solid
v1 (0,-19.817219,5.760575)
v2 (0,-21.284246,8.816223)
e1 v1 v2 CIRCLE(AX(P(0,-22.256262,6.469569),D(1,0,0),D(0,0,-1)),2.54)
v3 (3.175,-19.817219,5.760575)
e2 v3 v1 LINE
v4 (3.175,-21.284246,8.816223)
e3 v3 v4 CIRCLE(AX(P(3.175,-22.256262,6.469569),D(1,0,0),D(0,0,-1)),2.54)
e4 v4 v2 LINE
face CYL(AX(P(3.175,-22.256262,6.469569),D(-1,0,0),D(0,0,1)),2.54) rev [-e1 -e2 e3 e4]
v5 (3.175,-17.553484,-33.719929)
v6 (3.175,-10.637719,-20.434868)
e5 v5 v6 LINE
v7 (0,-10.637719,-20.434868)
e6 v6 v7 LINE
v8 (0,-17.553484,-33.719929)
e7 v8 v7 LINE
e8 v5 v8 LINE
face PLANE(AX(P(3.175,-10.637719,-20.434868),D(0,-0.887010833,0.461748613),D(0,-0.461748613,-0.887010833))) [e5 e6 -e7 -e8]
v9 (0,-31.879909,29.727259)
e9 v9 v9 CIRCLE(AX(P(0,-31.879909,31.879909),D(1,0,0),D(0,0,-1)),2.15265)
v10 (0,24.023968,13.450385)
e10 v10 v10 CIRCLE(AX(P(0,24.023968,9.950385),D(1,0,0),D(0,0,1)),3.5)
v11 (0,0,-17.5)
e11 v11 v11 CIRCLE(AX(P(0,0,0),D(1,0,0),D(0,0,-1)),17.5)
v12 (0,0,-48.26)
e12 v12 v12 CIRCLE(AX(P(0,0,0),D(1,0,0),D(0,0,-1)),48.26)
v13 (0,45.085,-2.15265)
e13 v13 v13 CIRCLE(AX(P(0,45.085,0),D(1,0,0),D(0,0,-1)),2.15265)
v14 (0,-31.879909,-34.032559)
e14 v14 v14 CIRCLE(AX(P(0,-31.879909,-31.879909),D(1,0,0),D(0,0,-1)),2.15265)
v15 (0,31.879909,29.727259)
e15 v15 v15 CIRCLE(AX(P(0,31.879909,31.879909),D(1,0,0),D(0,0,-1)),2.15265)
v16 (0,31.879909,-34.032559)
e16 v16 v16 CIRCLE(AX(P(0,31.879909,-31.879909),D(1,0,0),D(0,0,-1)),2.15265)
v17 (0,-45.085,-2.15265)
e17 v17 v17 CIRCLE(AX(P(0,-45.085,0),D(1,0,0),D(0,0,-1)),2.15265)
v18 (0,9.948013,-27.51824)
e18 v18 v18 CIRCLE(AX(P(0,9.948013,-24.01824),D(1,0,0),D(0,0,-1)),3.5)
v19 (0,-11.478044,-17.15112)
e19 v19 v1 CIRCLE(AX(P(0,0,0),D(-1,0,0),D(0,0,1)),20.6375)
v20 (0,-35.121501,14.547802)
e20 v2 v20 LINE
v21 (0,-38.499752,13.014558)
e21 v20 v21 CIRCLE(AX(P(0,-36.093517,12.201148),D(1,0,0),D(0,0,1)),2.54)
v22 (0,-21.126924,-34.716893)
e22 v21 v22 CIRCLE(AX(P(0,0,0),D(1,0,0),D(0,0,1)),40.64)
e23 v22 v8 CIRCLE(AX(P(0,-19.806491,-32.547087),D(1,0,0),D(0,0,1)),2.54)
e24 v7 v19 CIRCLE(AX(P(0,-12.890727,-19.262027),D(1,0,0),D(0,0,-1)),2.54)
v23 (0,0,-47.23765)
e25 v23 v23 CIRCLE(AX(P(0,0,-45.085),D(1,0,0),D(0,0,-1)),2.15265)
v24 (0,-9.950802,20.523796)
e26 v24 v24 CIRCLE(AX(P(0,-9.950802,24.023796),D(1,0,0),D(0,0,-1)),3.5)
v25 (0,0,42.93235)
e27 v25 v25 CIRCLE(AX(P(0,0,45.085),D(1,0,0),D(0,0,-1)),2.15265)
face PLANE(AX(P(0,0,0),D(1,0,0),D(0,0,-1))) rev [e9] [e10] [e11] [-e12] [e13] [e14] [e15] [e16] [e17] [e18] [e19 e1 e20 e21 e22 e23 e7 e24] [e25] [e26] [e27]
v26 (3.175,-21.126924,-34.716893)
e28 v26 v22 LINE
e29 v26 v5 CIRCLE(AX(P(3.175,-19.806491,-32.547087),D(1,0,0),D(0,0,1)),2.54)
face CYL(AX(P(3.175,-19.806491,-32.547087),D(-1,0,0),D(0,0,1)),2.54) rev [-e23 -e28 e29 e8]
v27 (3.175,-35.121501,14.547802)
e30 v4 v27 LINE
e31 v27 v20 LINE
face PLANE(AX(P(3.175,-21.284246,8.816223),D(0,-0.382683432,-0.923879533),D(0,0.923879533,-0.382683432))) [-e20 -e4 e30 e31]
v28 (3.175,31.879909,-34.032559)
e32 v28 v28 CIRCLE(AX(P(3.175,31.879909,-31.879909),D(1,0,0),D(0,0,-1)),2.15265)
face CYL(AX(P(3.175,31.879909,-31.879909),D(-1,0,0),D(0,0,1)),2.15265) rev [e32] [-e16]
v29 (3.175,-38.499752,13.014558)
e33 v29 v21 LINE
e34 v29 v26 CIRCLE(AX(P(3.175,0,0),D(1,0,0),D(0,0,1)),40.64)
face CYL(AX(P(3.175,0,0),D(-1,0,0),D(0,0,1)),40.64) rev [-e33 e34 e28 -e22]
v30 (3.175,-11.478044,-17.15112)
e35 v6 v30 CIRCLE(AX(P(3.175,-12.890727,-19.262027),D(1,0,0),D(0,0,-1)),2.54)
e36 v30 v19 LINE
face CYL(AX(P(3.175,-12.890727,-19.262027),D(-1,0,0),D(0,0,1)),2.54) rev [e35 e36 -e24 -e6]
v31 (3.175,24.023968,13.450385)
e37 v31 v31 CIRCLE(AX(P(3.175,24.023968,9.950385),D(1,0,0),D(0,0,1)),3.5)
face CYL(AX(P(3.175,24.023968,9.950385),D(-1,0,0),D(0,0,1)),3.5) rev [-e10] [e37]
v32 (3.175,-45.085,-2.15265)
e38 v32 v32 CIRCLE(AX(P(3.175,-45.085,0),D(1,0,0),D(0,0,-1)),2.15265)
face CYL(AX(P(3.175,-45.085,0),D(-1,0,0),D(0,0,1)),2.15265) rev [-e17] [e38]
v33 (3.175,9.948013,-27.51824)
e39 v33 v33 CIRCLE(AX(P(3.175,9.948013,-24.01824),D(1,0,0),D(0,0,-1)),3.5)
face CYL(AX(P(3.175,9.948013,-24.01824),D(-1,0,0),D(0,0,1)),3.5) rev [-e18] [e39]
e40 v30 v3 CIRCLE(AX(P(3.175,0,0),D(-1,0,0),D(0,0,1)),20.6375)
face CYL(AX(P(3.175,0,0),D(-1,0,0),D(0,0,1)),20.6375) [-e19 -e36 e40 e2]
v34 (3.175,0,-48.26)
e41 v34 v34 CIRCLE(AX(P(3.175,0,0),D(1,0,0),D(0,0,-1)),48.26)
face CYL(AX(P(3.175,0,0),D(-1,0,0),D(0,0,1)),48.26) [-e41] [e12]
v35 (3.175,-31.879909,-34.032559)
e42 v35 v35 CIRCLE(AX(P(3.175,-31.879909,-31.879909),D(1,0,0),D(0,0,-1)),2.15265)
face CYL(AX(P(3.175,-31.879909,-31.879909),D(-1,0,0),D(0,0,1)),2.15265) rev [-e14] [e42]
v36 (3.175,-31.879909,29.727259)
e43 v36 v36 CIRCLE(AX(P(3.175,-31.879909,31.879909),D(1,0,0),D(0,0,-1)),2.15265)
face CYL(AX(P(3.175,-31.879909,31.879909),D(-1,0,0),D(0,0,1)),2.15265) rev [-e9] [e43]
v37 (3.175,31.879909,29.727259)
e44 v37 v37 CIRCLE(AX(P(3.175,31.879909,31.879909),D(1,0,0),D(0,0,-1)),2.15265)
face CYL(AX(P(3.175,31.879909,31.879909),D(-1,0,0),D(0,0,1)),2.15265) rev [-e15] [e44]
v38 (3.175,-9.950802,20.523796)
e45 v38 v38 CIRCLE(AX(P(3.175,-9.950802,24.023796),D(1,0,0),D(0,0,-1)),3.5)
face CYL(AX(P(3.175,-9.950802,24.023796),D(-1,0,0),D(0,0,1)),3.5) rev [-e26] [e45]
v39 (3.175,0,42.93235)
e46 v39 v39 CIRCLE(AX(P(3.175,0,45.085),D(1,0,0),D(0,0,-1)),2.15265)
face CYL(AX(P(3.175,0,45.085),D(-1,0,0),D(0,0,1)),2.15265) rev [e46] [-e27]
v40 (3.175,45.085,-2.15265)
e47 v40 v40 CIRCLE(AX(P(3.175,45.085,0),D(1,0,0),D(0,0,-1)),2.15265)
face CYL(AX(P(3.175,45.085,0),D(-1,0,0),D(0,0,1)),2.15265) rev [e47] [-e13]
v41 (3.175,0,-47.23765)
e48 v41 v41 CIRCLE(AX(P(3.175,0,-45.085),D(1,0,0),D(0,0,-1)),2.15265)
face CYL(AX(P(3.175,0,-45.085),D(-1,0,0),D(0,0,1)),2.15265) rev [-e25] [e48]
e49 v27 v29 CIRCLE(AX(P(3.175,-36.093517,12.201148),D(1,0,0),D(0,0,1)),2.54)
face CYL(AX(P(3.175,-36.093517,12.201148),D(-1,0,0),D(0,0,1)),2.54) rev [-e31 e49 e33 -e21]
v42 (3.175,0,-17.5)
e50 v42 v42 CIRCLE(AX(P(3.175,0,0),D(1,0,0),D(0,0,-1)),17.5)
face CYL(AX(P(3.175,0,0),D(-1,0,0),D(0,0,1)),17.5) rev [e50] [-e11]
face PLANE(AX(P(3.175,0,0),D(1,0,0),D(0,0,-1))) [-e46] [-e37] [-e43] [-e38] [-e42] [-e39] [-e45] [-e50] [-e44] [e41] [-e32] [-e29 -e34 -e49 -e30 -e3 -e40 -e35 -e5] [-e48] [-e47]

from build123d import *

# Parameters (mm, degrees)
SKETCH5_R           = 48.26
SKETCH5_R_2         = 2.15265
SKETCH5_R_3         = 3.5
SKETCH5_R_4         = 17.5
BOSS_EXTRUDE3_DEPTH = 3.175


with BuildPart() as part:
    # Sketch5 → Boss-Extrude3 (new body)
    with BuildSketch(Plane(origin=(0, 0, 0), x_dir=(0, 0, -1), z_dir=(1, 0, 0))):
        Circle(SKETCH5_R)
        with Locations((0, 45.085)):
            Circle(SKETCH5_R_2, mode=Mode.SUBTRACT)
        with Locations((-24.023795501, -9.950801949)):
            Circle(SKETCH5_R_3, mode=Mode.SUBTRACT)
        with Locations((31.87990923, 31.87990923)):
            Circle(SKETCH5_R_2, mode=Mode.SUBTRACT)
        with Locations((45.085, 0)):
            Circle(SKETCH5_R_2, mode=Mode.SUBTRACT)
        with Locations((24.018239985, 9.948012748)):
            Circle(SKETCH5_R_3, mode=Mode.SUBTRACT)
        with Locations((-9.9503853, 24.023968076)):
            Circle(SKETCH5_R_3, mode=Mode.SUBTRACT)
        with Locations((31.87990923, -31.87990923)):
            Circle(SKETCH5_R_2, mode=Mode.SUBTRACT)
        with Locations((0, -45.085)):
            Circle(SKETCH5_R_2, mode=Mode.SUBTRACT)
        with Locations((-31.87990923, -31.87990923)):
            Circle(SKETCH5_R_2, mode=Mode.SUBTRACT)
        with Locations((-45.085, 0)):
            Circle(SKETCH5_R_2, mode=Mode.SUBTRACT)
        with Locations((-31.87990923, 31.87990923)):
            Circle(SKETCH5_R_2, mode=Mode.SUBTRACT)
        Circle(SKETCH5_R_4, mode=Mode.SUBTRACT)
        with BuildLine():
            Line((20.434868218, -10.637719077), (33.719928863, -17.553483913))
            ThreePointArc((33.719928863, -17.553483913), (34.993654696, -19.123916601), (34.716893211, -21.126924191))
            ThreePointArc((34.716893211, -21.126924191), (13.899698625, -38.189108109), (-13.014558026, -38.49975168))
            ThreePointArc((-13.014558026, -38.49975168), (-14.514078084, -37.143257699), (-14.547802162, -35.121501281))
            Line((-14.547802162, -35.121501281), (-8.816223227, -21.284245682))
            ThreePointArc((-8.816223227, -21.284245682), (-7.568898247, -19.966485263), (-5.760575328, -19.817219233))
            ThreePointArc((-5.760575328, -19.817219233), (7.058440708, -19.392906461), (17.1511197, -11.478044227))
            ThreePointArc((17.1511197, -11.478044227), (18.632321778, -10.430021072), (20.434868218, -10.637719077))
        make_face(mode=Mode.SUBTRACT)
    extrude(amount=BOSS_EXTRUDE3_DEPTH)


solid = part.part
